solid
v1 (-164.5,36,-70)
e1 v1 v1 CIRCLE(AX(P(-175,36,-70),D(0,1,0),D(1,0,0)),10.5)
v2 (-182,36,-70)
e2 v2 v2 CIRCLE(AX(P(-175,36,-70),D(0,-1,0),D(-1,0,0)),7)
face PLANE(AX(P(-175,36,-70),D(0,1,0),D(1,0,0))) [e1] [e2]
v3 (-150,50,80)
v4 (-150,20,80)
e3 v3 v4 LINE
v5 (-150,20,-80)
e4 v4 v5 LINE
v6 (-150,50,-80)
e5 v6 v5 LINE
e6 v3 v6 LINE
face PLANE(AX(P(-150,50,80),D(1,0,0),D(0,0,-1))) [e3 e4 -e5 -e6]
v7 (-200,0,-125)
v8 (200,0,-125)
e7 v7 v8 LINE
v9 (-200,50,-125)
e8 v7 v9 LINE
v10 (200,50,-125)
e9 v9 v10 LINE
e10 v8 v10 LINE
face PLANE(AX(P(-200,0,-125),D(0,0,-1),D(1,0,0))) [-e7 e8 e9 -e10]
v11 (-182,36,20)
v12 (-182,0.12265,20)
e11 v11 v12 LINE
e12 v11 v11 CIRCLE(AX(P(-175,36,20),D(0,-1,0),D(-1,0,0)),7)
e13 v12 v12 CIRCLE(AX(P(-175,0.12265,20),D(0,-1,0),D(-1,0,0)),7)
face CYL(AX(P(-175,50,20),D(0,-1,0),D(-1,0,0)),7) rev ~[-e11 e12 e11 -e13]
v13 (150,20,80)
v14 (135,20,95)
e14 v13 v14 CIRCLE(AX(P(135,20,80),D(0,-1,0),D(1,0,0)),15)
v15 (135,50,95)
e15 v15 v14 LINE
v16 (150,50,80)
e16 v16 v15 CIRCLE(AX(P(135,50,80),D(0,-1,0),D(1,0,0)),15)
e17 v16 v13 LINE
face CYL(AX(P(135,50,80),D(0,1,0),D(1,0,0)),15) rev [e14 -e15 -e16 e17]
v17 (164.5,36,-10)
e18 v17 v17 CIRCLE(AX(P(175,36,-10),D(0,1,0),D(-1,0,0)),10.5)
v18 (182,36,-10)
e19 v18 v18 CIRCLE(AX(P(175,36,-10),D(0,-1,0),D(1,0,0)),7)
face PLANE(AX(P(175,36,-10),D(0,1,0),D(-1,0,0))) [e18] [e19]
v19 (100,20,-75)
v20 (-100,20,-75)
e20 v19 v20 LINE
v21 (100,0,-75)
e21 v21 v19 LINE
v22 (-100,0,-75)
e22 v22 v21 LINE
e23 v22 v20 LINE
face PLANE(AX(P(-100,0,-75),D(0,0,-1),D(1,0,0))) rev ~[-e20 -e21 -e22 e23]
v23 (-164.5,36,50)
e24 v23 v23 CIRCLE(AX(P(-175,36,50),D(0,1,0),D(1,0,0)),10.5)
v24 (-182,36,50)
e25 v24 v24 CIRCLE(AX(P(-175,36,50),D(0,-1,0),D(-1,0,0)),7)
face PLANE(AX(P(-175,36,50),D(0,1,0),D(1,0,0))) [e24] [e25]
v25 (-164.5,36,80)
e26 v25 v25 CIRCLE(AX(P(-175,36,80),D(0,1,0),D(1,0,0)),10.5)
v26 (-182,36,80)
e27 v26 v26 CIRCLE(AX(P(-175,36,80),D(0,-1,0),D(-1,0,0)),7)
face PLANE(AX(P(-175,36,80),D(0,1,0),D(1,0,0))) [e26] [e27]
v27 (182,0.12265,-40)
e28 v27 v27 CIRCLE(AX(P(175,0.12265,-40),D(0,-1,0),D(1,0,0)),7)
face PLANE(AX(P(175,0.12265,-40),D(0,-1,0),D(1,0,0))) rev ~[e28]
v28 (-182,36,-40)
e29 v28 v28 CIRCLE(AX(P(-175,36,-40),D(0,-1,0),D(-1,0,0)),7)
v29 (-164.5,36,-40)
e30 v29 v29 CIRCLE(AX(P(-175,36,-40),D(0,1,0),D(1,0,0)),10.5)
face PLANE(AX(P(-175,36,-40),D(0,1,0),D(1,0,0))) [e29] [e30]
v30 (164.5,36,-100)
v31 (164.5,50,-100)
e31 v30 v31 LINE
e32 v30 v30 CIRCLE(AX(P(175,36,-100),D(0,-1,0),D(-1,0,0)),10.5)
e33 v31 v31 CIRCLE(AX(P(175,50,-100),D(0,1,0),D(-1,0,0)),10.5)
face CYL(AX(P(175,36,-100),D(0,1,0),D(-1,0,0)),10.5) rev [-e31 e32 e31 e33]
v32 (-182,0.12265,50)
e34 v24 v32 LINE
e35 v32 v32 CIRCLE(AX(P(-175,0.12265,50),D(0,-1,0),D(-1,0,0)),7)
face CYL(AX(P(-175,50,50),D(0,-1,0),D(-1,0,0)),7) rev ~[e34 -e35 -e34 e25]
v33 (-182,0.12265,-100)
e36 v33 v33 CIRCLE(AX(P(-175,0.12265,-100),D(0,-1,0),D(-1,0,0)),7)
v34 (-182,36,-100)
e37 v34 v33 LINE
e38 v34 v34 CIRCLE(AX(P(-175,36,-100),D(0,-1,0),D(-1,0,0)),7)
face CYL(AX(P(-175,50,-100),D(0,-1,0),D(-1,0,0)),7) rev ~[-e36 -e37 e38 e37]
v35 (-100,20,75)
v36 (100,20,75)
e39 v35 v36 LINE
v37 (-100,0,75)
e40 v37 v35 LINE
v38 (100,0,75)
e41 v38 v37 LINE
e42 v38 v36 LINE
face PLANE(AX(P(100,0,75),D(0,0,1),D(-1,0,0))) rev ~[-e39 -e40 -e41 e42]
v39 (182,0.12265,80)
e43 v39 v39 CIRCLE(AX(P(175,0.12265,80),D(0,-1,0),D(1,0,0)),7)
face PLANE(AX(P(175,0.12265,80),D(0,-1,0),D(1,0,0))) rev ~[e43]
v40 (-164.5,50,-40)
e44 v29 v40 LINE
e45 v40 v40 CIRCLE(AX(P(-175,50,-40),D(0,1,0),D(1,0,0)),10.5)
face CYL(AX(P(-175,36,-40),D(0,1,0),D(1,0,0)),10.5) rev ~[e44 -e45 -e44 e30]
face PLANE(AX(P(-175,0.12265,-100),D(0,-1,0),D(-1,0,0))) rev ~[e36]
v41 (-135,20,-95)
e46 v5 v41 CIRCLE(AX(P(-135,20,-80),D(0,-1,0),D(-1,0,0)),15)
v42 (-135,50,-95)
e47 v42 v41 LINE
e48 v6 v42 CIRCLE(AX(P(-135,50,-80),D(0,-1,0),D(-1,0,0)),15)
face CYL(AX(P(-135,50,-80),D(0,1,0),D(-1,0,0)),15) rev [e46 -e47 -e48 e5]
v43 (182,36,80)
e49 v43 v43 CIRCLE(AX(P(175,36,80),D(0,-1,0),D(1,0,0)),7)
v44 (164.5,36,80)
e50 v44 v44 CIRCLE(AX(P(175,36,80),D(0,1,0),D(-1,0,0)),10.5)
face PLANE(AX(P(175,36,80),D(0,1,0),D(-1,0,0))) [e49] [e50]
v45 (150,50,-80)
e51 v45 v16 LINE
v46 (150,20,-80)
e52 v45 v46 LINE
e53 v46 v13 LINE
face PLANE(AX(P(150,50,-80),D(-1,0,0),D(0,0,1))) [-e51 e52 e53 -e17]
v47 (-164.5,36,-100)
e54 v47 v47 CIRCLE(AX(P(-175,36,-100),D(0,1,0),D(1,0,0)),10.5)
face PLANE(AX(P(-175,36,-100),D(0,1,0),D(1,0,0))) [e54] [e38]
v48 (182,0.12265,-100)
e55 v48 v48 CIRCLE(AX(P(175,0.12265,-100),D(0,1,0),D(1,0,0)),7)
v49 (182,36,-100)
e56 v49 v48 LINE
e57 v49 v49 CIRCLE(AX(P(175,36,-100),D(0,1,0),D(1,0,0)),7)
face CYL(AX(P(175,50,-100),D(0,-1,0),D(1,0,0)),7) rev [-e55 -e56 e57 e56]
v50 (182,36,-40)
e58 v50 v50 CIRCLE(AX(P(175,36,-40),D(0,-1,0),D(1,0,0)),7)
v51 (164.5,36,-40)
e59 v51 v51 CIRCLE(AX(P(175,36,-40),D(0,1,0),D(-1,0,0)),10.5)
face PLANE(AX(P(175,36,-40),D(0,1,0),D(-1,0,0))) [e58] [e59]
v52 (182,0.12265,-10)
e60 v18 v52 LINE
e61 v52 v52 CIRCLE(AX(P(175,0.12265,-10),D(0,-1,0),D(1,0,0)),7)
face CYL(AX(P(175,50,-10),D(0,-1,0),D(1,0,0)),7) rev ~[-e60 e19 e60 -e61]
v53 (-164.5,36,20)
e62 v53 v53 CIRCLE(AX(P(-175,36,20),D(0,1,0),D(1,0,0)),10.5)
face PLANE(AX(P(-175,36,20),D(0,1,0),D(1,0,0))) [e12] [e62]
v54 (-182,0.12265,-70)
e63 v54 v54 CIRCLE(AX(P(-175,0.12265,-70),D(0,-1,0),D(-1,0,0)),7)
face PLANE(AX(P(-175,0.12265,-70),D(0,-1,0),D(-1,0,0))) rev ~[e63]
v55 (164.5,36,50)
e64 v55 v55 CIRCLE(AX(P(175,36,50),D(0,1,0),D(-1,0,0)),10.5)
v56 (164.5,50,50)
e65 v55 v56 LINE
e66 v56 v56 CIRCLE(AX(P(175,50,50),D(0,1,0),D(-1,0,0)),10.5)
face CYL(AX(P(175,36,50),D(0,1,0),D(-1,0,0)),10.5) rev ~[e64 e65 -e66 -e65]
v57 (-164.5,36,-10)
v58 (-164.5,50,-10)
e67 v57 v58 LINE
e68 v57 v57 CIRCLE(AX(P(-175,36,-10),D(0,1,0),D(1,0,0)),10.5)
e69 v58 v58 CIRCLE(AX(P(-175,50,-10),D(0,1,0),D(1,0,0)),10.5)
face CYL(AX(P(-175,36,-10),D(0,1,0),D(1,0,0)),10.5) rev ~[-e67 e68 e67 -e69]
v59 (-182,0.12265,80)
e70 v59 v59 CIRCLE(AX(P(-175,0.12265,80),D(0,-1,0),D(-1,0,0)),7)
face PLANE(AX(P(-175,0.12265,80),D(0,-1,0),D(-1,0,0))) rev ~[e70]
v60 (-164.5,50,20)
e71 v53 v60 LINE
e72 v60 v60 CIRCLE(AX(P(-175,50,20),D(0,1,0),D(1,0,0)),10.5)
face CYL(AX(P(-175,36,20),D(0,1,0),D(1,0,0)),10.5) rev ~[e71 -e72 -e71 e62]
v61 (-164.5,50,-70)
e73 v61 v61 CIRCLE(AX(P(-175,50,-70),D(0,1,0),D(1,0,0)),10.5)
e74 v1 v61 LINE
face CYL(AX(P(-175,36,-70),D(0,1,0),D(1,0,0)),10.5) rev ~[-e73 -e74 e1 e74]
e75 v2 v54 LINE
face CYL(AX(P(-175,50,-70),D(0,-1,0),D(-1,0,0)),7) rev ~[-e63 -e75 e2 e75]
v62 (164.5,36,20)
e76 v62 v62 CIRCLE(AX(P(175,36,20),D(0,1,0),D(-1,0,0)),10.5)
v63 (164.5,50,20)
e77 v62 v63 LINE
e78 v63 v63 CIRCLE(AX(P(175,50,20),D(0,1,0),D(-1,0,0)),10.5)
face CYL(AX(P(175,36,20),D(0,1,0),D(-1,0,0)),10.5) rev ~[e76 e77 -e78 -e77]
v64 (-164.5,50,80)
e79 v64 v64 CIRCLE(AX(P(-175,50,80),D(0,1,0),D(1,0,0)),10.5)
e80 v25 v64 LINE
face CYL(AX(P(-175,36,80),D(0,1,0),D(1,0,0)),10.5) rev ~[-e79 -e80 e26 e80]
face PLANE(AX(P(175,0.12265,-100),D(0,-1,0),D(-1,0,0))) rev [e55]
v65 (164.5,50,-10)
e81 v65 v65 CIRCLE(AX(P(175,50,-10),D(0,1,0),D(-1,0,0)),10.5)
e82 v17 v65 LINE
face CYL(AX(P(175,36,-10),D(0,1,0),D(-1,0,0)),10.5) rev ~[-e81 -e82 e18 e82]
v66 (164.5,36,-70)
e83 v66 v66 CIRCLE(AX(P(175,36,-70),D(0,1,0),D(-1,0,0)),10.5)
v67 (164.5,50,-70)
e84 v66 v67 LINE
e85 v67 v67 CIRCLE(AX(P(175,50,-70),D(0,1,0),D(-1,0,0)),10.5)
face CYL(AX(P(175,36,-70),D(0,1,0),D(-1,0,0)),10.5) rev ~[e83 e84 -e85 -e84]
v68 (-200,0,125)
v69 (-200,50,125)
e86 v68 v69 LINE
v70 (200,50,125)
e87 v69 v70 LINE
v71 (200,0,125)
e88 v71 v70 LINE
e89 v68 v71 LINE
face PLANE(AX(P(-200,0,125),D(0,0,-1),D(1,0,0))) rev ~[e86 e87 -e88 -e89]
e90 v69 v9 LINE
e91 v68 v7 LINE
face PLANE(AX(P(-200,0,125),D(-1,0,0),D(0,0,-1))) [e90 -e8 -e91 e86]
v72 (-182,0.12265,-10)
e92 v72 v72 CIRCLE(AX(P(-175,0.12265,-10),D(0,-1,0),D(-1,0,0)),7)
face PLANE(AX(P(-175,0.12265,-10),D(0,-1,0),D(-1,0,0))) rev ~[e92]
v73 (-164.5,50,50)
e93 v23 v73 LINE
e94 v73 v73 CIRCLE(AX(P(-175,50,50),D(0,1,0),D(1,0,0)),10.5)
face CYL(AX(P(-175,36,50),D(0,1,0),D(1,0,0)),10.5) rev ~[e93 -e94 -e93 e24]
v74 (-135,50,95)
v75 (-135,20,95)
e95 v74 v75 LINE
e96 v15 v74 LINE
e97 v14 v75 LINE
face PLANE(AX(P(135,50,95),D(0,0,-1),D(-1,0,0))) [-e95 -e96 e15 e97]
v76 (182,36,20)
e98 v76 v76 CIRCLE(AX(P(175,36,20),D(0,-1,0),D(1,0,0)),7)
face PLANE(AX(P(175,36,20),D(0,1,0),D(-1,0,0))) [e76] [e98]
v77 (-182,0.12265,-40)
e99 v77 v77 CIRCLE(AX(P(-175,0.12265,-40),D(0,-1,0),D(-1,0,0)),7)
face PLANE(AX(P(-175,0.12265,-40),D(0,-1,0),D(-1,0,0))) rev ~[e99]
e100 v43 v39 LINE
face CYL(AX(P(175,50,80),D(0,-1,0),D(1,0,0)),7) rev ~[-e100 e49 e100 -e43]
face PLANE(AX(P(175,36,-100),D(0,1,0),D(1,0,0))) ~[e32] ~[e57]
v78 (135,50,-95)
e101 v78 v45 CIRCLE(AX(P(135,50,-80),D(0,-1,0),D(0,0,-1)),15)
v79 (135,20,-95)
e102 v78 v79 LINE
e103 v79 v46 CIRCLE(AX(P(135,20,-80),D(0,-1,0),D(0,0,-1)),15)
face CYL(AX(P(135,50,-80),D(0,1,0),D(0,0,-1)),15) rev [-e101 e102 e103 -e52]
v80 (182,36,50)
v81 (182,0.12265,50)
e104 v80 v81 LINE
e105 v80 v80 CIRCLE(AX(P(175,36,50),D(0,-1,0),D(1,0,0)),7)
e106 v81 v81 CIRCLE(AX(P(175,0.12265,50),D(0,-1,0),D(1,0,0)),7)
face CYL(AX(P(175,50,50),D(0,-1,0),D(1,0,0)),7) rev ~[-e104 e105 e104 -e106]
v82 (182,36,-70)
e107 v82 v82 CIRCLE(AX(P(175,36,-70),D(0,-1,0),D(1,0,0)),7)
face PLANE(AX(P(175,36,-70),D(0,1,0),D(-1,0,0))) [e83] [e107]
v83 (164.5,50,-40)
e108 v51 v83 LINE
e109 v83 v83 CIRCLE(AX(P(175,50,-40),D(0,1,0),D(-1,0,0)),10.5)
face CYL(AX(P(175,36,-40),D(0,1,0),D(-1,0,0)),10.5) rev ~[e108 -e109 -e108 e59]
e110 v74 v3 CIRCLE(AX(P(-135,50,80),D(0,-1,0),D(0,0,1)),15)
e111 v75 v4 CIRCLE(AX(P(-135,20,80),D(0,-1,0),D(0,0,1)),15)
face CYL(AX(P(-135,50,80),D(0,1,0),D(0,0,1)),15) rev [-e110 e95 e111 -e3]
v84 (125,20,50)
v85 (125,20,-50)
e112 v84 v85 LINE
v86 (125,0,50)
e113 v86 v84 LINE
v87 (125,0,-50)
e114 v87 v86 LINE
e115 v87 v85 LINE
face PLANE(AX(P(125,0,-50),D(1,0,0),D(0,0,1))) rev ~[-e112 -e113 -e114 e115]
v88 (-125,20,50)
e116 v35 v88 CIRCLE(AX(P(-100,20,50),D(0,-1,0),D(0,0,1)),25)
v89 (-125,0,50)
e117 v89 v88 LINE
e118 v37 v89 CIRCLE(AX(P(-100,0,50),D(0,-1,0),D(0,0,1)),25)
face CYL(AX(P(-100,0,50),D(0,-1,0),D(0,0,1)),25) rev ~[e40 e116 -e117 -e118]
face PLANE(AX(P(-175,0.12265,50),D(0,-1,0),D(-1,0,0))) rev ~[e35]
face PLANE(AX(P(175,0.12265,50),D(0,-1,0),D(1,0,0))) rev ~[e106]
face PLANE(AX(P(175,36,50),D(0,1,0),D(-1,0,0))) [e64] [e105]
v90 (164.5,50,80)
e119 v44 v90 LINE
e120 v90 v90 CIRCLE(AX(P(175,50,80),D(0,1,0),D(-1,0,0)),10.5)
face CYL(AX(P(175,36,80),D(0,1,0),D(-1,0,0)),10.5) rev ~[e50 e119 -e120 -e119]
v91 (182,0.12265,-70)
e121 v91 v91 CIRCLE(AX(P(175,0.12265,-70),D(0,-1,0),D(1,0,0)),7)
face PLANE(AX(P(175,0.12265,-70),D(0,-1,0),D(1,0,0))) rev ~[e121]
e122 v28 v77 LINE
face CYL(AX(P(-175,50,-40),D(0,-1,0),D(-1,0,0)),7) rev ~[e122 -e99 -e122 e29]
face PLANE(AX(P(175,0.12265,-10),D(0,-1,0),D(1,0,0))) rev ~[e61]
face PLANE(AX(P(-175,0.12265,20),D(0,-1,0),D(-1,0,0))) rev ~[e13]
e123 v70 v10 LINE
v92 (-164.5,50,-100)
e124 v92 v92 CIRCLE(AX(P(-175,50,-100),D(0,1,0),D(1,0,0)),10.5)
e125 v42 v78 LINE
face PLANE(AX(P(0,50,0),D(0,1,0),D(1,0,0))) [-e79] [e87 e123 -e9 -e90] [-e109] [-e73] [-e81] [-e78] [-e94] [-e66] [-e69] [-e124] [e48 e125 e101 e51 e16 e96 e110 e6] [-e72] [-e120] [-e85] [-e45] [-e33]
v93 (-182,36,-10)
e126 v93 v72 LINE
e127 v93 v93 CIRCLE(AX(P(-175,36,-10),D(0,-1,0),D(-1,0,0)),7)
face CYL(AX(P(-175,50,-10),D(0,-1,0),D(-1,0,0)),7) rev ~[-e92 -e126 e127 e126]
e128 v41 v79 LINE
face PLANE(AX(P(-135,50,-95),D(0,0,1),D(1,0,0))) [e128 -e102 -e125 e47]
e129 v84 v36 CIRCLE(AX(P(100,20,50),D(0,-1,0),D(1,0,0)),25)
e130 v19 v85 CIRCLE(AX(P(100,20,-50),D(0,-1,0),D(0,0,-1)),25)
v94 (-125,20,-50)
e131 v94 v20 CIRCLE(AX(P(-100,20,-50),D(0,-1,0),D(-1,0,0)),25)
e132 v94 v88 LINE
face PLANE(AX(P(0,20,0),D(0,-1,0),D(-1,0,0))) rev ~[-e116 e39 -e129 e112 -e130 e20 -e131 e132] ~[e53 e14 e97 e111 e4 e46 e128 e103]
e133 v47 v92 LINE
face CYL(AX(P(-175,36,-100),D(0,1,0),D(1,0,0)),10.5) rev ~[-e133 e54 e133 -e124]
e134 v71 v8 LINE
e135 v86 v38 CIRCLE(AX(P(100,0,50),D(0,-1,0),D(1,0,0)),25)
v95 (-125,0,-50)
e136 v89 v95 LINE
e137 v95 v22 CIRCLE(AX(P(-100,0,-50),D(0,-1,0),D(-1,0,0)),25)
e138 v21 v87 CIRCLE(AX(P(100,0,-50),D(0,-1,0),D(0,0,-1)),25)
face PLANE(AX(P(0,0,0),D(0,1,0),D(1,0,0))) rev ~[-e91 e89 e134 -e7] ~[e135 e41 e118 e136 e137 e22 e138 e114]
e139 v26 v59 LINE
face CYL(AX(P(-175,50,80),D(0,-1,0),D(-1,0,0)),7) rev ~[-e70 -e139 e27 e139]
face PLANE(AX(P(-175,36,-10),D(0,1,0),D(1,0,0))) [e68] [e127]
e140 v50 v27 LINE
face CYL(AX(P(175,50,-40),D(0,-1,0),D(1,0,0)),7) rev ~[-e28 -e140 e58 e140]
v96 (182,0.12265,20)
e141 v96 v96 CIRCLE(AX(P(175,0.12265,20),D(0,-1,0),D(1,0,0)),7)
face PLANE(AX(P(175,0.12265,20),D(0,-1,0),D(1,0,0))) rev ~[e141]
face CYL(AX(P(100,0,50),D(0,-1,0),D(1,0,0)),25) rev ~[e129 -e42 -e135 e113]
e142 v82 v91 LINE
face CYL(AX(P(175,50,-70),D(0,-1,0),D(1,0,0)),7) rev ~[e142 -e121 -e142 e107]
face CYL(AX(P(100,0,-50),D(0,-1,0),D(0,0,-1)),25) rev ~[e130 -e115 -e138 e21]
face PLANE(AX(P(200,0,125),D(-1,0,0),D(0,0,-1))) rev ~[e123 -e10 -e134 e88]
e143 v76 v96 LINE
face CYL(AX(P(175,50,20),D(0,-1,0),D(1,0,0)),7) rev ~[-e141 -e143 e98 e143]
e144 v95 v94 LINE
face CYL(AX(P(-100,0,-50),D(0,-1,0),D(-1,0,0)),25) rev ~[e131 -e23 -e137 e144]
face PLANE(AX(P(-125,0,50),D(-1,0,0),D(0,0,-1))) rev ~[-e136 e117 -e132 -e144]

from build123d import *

# Parameters (mm, degrees)
CROQUIS1_W                   = 400
CROQUIS1_H                   = 250
SALIENTE_EXTRUIR1_DEPTH      = 50
CORTAR_EXTRUIR1_DEPTH        = 30
TALADRO1_D                   = 14
TALADRO1_DEPTH               = 49.877349569
TALADRO1_CBORE_D             = 21
TALADRO1_CBORE_DEPTH         = 14
MATRIZL1_COUNT               = 7
MATRIZL1_PITCH               = 30
SIMETR_A1_COPY_1_D           = 14
SIMETR_A1_COPY_1_DEPTH       = 49.877349569
SIMETR_A1_COPY_1_CBORE_D     = 21
SIMETR_A1_COPY_1_CBORE_DEPTH = 14
SIMETR_A1_COPY_2_D           = 14
SIMETR_A1_COPY_2_DEPTH       = 49.877349569
SIMETR_A1_COPY_2_CBORE_D     = 21
SIMETR_A1_COPY_2_CBORE_DEPTH = 14
SIMETR_A1_COPY_3_D           = 14
SIMETR_A1_COPY_3_DEPTH       = 49.877349569
SIMETR_A1_COPY_3_CBORE_D     = 21
SIMETR_A1_COPY_3_CBORE_DEPTH = 14
SIMETR_A1_COPY_4_D           = 14
SIMETR_A1_COPY_4_DEPTH       = 49.877349569
SIMETR_A1_COPY_4_CBORE_D     = 21
SIMETR_A1_COPY_4_CBORE_DEPTH = 14
SIMETR_A1_COPY_5_D           = 14
SIMETR_A1_COPY_5_DEPTH       = 49.877349569
SIMETR_A1_COPY_5_CBORE_D     = 21
SIMETR_A1_COPY_5_CBORE_DEPTH = 14
SIMETR_A1_COPY_6_D           = 14
SIMETR_A1_COPY_6_DEPTH       = 49.877349569
SIMETR_A1_COPY_6_CBORE_D     = 21
SIMETR_A1_COPY_6_CBORE_DEPTH = 14


with BuildPart() as part:
    # Croquis1 → Saliente-Extruir1 (new body)
    with BuildSketch(Plane(origin=(0, 0, 0), x_dir=(1, 0, 0), z_dir=(0, 1, 0))):
        Rectangle(CROQUIS1_W, CROQUIS1_H)
        with BuildLine():
            Line((-100, 75), (100, 75))
            ThreePointArc((100, 75), (117.67766953, 67.67766953), (125, 50))
            Line((125, 50), (125, -50))
            ThreePointArc((125, -50), (117.67766953, -67.67766953), (100, -75))
            Line((100, -75), (-100, -75))
            ThreePointArc((-100, -75), (-117.67766953, -67.67766953), (-125, -50))
            Line((-125, -50), (-125, 50))
            ThreePointArc((-125, 50), (-117.67766953, 67.67766953), (-100, 75))
        make_face(mode=Mode.SUBTRACT)
    extrude(amount=SALIENTE_EXTRUIR1_DEPTH)

    # Croquis2 → Cortar-Extruir1 (cut)
    with BuildSketch(Plane(origin=(0, 50, 0), x_dir=(1, 0, 0), z_dir=(0, 1, 0))):
        with BuildLine():
            Line((-135, 95), (135, 95))
            ThreePointArc((135, 95), (145.606601718, 90.606601718), (150, 80))
            Line((150, 80), (150, -80))
            ThreePointArc((150, -80), (145.606601718, -90.606601718), (135, -95))
            Line((135, -95), (-135, -95))
            ThreePointArc((-135, -95), (-145.606601718, -90.606601718), (-150, -80))
            Line((-150, -80), (-150, 80))
            ThreePointArc((-150, 80), (-145.606601718, 90.606601718), (-135, 95))
        make_face()
    extrude(amount=-CORTAR_EXTRUIR1_DEPTH, mode=Mode.SUBTRACT)

    # Taladro1
    with Locations(Plane(origin=(0, 50, 0), x_dir=(1, 0, 0), z_dir=(0, 1, 0))):
        with Locations((-175, 100)):
            taladro1 = CounterBoreHole(TALADRO1_D / 2, TALADRO1_CBORE_D / 2, TALADRO1_CBORE_DEPTH, depth=TALADRO1_DEPTH)

    # MatrizL1: Taladro1 ×7
    with Locations(*[(0, 0, i * MATRIZL1_PITCH) for i in range(1, MATRIZL1_COUNT)]):
        add(taladro1, mode=Mode.SUBTRACT)

    # Simetría1: Taladro1 across plane
    add(taladro1.mirror(Plane(origin=(0, 0, 0), x_dir=(0, 0, 1), z_dir=(1, 0, 0))), mode=Mode.SUBTRACT)

    # Simetría1 copy 1
    with Locations(Plane(origin=(0, 50, 30), x_dir=(-1, 0, 0), z_dir=(0, 1, 0))):
        with Locations((-175, -100)):
            CounterBoreHole(SIMETR_A1_COPY_1_D / 2, SIMETR_A1_COPY_1_CBORE_D / 2, SIMETR_A1_COPY_1_CBORE_DEPTH, depth=SIMETR_A1_COPY_1_DEPTH)

    # Simetría1 copy 2
    with Locations(Plane(origin=(0, 50, 60), x_dir=(-1, 0, 0), z_dir=(0, 1, 0))):
        with Locations((-175, -100)):
            CounterBoreHole(SIMETR_A1_COPY_2_D / 2, SIMETR_A1_COPY_2_CBORE_D / 2, SIMETR_A1_COPY_2_CBORE_DEPTH, depth=SIMETR_A1_COPY_2_DEPTH)

    # Simetría1 copy 3
    with Locations(Plane(origin=(0, 50, 90), x_dir=(-1, 0, 0), z_dir=(0, 1, 0))):
        with Locations((-175, -100)):
            CounterBoreHole(SIMETR_A1_COPY_3_D / 2, SIMETR_A1_COPY_3_CBORE_D / 2, SIMETR_A1_COPY_3_CBORE_DEPTH, depth=SIMETR_A1_COPY_3_DEPTH)

    # Simetría1 copy 4
    with Locations(Plane(origin=(0, 50, 120), x_dir=(-1, 0, 0), z_dir=(0, 1, 0))):
        with Locations((-175, -100)):
            CounterBoreHole(SIMETR_A1_COPY_4_D / 2, SIMETR_A1_COPY_4_CBORE_D / 2, SIMETR_A1_COPY_4_CBORE_DEPTH, depth=SIMETR_A1_COPY_4_DEPTH)

    # Simetría1 copy 5
    with Locations(Plane(origin=(0, 50, 150), x_dir=(-1, 0, 0), z_dir=(0, 1, 0))):
        with Locations((-175, -100)):
            CounterBoreHole(SIMETR_A1_COPY_5_D / 2, SIMETR_A1_COPY_5_CBORE_D / 2, SIMETR_A1_COPY_5_CBORE_DEPTH, depth=SIMETR_A1_COPY_5_DEPTH)

    # Simetría1 copy 6
    with Locations(Plane(origin=(0, 50, 180), x_dir=(-1, 0, 0), z_dir=(0, 1, 0))):
        with Locations((-175, -100)):
            CounterBoreHole(SIMETR_A1_COPY_6_D / 2, SIMETR_A1_COPY_6_CBORE_D / 2, SIMETR_A1_COPY_6_CBORE_DEPTH, depth=SIMETR_A1_COPY_6_DEPTH)


solid = part.part
